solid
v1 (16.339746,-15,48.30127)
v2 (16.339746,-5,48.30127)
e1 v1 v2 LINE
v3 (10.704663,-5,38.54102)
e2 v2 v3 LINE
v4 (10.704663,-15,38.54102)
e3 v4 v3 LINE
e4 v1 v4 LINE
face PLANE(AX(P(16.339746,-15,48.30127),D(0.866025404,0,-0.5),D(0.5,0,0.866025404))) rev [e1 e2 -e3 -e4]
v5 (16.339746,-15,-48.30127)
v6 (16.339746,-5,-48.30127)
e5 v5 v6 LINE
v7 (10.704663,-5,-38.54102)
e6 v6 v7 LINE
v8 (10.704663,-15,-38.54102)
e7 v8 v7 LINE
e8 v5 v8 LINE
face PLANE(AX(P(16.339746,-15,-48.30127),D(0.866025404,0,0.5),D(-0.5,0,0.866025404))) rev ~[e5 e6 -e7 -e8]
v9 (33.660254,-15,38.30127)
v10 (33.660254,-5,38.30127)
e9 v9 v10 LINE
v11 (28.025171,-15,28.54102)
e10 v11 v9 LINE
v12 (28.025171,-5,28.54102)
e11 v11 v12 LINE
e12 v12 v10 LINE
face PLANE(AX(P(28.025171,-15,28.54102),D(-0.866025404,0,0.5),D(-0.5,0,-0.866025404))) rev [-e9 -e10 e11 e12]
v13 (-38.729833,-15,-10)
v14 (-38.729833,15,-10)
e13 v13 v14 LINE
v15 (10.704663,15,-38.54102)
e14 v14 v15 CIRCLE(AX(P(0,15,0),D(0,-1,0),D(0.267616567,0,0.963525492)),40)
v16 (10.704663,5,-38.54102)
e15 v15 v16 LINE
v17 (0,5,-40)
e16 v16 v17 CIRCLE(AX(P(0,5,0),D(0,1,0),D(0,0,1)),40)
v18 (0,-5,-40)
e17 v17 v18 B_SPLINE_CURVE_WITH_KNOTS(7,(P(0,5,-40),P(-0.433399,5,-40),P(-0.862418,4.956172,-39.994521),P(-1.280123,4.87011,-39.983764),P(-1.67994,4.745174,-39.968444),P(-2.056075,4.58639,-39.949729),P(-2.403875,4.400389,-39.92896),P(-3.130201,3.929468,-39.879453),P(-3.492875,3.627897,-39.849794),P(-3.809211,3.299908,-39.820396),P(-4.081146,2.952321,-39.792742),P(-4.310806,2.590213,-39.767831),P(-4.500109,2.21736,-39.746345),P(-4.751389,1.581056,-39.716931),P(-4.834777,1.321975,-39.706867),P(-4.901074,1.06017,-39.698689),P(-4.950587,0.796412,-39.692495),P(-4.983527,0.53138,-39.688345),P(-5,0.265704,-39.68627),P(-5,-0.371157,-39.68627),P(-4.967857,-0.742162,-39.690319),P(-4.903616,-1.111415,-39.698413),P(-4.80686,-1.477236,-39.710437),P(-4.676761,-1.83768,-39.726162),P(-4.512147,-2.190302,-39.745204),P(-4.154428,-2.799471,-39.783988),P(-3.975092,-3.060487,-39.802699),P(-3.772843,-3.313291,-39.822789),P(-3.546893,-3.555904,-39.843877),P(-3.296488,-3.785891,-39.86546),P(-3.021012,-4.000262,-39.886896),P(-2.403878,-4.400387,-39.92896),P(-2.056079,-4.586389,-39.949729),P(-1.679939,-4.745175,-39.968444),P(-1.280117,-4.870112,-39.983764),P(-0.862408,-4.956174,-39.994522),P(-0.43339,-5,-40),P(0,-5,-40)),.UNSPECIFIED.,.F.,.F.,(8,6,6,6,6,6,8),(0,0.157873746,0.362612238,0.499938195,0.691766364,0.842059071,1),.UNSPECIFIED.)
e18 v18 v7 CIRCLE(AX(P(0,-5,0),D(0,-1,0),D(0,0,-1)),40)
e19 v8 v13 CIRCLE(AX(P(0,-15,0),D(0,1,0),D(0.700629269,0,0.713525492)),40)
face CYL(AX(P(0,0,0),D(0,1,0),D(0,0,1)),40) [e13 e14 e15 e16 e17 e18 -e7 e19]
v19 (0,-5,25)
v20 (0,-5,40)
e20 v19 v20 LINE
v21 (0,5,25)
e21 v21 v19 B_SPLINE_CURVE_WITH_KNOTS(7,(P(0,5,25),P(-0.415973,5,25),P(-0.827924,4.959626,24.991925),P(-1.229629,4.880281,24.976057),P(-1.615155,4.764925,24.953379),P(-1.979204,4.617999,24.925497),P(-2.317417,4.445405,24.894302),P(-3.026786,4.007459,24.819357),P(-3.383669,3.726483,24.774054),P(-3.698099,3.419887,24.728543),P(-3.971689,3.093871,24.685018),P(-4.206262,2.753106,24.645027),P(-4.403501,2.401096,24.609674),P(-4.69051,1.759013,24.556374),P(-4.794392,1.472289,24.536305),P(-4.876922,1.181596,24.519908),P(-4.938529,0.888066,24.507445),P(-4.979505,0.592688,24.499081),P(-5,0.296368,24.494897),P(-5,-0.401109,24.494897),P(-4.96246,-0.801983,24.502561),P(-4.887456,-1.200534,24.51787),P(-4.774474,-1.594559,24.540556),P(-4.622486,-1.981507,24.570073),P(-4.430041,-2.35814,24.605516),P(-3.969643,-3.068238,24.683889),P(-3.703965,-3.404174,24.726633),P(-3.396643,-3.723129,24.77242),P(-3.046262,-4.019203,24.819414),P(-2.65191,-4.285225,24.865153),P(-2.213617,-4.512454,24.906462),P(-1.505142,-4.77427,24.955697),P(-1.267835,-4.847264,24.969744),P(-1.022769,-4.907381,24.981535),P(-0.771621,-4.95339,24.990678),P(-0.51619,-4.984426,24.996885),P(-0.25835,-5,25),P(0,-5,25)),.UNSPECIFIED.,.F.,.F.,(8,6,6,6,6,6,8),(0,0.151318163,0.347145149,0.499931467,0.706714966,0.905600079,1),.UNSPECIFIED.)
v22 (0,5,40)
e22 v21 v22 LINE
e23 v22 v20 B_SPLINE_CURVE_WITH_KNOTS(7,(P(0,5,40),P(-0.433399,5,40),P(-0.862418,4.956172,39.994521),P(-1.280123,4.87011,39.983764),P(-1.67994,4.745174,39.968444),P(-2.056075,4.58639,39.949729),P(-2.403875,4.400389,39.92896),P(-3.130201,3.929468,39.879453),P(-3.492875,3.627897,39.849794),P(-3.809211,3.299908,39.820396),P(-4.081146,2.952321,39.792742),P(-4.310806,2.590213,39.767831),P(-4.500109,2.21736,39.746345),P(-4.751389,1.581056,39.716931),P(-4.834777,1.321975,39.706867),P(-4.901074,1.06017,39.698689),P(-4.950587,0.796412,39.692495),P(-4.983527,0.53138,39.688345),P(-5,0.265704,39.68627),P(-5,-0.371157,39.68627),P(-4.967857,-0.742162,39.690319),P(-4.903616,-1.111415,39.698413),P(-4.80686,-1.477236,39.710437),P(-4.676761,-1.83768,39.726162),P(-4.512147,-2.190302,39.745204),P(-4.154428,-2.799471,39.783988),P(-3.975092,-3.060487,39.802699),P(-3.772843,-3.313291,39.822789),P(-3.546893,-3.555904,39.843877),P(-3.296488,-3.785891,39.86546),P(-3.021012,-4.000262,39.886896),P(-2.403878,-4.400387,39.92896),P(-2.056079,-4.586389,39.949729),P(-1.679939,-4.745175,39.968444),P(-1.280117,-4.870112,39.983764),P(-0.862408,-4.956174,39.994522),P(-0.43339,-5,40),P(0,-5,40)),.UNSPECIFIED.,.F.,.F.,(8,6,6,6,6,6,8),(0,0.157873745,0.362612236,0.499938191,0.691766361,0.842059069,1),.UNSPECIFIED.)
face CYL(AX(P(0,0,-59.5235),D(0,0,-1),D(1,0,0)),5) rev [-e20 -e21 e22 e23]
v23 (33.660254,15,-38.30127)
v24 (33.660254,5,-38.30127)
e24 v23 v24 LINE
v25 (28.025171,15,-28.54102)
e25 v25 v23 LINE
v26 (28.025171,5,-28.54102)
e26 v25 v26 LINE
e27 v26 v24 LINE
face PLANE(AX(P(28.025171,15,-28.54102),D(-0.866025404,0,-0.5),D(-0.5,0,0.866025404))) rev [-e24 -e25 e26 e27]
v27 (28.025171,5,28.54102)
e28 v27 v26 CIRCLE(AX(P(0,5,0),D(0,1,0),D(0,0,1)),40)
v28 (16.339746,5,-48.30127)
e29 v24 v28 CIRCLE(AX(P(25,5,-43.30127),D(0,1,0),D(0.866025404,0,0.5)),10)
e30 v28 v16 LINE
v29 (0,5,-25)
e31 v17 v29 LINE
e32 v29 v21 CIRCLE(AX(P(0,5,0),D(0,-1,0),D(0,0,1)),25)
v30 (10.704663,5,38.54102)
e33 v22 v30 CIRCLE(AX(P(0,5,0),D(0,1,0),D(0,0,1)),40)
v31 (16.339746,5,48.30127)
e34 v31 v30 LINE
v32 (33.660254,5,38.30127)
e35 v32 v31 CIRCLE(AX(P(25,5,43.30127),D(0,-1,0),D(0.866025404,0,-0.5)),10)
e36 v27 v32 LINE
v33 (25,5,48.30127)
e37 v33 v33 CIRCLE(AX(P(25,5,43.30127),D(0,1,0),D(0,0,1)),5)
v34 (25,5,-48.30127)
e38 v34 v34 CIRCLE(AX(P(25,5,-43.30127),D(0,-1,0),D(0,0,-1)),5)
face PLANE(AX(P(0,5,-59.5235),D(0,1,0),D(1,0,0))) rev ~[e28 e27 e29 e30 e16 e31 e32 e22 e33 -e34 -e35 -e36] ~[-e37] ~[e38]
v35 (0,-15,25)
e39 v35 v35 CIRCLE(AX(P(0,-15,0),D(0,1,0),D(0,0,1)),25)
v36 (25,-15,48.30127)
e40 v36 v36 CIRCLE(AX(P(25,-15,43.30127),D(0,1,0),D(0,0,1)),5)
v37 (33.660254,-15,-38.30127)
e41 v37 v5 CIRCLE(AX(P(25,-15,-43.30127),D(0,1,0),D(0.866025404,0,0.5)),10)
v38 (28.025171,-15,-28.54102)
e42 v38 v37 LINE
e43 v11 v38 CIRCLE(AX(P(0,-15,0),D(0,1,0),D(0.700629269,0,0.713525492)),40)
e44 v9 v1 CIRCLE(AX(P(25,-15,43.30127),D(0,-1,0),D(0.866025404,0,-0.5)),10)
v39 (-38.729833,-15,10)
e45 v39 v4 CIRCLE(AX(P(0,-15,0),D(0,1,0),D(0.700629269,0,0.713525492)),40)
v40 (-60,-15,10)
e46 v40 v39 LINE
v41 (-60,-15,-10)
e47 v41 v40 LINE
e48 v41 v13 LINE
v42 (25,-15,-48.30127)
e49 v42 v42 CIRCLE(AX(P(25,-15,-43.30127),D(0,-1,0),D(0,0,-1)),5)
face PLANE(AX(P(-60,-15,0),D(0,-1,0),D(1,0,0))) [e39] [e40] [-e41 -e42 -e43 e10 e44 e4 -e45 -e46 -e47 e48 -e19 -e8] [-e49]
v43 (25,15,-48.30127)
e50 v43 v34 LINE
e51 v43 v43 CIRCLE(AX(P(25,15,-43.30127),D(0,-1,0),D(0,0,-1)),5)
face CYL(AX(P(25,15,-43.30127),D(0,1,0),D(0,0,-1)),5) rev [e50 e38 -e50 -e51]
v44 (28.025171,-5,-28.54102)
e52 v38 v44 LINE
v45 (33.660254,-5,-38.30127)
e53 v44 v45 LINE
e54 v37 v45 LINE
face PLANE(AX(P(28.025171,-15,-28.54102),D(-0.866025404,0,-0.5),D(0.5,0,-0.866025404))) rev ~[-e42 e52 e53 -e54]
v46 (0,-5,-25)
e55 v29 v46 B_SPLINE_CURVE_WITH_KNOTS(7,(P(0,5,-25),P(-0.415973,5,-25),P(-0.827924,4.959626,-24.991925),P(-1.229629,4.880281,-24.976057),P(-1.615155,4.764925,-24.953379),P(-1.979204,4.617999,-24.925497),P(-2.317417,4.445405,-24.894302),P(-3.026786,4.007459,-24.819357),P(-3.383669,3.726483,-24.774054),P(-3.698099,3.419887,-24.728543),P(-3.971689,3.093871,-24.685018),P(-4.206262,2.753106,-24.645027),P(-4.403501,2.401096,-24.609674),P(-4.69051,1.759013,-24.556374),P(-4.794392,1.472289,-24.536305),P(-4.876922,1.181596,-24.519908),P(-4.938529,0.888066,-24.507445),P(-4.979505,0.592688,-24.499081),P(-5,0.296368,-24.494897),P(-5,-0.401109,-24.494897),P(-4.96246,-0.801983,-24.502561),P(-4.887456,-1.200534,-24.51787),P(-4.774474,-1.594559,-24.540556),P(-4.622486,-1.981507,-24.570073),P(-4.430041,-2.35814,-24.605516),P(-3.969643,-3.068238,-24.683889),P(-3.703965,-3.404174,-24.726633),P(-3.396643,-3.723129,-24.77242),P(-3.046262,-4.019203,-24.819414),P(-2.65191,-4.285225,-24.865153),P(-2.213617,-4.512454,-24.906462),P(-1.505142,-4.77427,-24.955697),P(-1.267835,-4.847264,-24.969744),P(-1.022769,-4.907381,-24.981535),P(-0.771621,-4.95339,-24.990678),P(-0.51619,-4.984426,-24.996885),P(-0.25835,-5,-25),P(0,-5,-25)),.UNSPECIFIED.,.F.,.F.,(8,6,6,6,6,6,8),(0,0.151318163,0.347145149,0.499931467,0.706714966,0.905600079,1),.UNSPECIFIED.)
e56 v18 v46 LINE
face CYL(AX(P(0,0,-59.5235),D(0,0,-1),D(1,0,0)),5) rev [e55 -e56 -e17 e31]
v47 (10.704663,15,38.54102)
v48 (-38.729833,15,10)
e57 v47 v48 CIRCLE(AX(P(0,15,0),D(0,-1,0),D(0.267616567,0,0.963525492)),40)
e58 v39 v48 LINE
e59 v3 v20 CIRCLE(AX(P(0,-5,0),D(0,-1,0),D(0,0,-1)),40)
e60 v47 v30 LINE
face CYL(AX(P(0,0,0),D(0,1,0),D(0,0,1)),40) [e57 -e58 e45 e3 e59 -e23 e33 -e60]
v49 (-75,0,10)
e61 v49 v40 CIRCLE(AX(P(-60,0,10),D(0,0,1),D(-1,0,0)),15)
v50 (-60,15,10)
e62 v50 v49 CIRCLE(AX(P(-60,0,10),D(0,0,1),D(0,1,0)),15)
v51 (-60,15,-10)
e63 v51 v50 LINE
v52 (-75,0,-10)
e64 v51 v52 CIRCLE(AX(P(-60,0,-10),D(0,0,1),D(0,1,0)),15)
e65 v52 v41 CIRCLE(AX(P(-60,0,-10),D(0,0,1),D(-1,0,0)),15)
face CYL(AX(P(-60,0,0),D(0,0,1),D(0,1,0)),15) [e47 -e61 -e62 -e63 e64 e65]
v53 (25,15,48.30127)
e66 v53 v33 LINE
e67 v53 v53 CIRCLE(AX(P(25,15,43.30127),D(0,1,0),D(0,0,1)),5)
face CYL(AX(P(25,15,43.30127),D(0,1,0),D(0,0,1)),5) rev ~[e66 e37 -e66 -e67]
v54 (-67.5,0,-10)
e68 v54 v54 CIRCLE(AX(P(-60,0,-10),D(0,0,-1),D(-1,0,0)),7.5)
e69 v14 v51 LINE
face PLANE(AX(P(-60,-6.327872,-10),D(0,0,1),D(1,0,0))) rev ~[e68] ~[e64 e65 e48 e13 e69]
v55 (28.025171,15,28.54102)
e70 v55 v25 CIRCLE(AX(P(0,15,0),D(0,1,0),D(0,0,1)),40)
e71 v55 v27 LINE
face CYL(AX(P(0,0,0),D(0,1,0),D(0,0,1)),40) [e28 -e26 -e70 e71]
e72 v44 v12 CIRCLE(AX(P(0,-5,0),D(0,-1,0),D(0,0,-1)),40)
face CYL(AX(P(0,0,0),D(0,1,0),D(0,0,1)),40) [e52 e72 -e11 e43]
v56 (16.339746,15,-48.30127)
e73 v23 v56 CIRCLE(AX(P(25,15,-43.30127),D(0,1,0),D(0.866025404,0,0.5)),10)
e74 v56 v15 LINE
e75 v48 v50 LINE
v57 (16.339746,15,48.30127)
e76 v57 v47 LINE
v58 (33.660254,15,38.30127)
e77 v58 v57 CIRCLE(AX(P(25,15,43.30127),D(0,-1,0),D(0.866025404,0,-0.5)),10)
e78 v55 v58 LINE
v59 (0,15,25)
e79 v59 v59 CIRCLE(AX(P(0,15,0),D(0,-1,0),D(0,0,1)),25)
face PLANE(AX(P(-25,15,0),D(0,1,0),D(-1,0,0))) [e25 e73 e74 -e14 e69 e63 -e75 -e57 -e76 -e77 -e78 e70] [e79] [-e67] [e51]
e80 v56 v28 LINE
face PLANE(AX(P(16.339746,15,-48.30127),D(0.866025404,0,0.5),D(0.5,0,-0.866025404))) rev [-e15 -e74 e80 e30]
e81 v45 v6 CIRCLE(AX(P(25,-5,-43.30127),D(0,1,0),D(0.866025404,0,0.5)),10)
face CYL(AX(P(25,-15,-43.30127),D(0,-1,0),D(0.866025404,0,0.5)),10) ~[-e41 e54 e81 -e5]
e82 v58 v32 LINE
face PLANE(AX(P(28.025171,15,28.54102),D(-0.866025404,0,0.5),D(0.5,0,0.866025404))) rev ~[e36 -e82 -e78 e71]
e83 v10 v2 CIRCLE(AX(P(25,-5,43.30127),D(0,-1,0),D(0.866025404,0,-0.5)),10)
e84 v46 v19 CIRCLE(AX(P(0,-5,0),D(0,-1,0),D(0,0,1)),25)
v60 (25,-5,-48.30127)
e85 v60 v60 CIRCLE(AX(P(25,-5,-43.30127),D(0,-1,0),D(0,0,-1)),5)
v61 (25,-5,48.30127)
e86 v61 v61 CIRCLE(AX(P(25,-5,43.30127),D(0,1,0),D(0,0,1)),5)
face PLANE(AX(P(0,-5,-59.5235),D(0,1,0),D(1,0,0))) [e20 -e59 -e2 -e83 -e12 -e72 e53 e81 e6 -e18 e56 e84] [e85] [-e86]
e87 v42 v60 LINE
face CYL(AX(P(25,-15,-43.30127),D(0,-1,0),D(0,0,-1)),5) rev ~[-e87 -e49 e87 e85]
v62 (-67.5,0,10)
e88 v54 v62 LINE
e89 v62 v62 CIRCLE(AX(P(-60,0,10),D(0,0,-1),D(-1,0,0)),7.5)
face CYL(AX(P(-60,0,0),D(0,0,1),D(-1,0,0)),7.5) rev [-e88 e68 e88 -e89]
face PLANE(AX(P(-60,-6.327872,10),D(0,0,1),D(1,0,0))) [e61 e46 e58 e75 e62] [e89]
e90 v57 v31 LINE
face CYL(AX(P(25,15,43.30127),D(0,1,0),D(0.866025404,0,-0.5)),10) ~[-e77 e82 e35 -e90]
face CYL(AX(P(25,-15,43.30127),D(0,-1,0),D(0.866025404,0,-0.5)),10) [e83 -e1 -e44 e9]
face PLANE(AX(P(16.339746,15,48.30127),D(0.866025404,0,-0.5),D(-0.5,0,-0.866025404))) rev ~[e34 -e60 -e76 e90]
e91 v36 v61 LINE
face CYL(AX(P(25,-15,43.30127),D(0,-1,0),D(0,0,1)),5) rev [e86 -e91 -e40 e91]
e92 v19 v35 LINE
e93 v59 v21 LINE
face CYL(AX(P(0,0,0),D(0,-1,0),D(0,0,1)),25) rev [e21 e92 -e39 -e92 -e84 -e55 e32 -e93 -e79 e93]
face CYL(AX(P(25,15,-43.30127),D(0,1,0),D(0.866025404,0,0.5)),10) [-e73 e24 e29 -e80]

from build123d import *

# Parameters (mm, degrees)
SKETCH1_R               = 40
SKETCH1_R_2             = 25
BOSS_EXTRUDE1_DEPTH     = 15
CUT_EXTRUDE1_DEPTH      = 59.523499554
CUT_EXTRUDE1_DEPTH_BACK = 59.523499554
SKETCH2_R               = 5
SKETCH2_W               = 40
SKETCH2_H               = 10
BOSS_EXTRUDE2_START     = 15
SKETCH3_R               = 5
BOSS_EXTRUDE2_DEPTH     = 10
MIRROR2_START           = 15
MIRROR2_COPY_1_SKETCH_R = 5
MIRROR2_COPY_1_DEPTH    = 10
BOSS_EXTRUDE4_DEPTH     = 10


with BuildPart() as part:
    # Sketch1 → Boss-Extrude1 (new, symmetric)
    with BuildSketch(Plane(origin=(0, 0, 0), x_dir=(1, 0, 0), z_dir=(0, 1, 0))):
        with Locations(Location((0, 0, 0), (0, 0, 270))):
            Circle(SKETCH1_R)
        with Locations(Location((0, 0, 0), (0, 0, 270))):
            Circle(SKETCH1_R_2, mode=Mode.SUBTRACT)
    extrude(amount=BOSS_EXTRUDE1_DEPTH, both=True)

    # Sketch2 → Cut-Extrude1 (cut, two sides: drawn at the far end of the back side and taken through both)
    with BuildSketch(Plane.XY.offset(-CUT_EXTRUDE1_DEPTH_BACK)):
        Circle(SKETCH2_R)
        with Locations((20, 0)):
            Rectangle(SKETCH2_W, SKETCH2_H)
    extrude(amount=CUT_EXTRUDE1_DEPTH + CUT_EXTRUDE1_DEPTH_BACK, mode=Mode.SUBTRACT)

    # Sketch3 → Boss-Extrude2 (add)
    with BuildSketch(Plane(origin=(0, 0, 0), x_dir=(1, 0, 0), z_dir=(0, 1, 0)).offset(BOSS_EXTRUDE2_START)):
        with BuildLine():
            Line((16.339745962, -48.301270189), (10.704662693, -38.541019662))
            ThreePointArc((10.704662693, -38.541019662), (20, -34.641016151), (28.025170769, -28.541019662))
            Line((28.025170769, -28.541019662), (33.660254038, -38.301270189))
            ThreePointArc((33.660254038, -38.301270189), (30, -51.961524227), (16.339745962, -48.301270189))
        make_face()
        with Locations(Location((25, -43.301270189, 0), (0, 0, 270))):
            Circle(SKETCH3_R, mode=Mode.SUBTRACT)
    boss_extrude2 = extrude(amount=-BOSS_EXTRUDE2_DEPTH)

    # Mirror1: Boss-Extrude2 across plane
    add(boss_extrude2.mirror(Plane.XY))

    # Mirror2: Boss-Extrude2 across plane
    add(boss_extrude2.mirror(Plane.ZX))

    # Mirror2 copy 1 sketch → Mirror2 copy 1 (add)
    with BuildSketch(Plane.XZ.offset(MIRROR2_START)):
        with BuildLine():
            Line((16.339745962, -48.301270189), (10.704662693, -38.541019662))
            ThreePointArc((10.704662693, -38.541019662), (20, -34.641016151), (28.025170769, -28.541019662))
            Line((28.025170769, -28.541019662), (33.660254038, -38.301270189))
            ThreePointArc((33.660254038, -38.301270189), (30, -51.961524227), (16.339745962, -48.301270189))
        make_face()
        with Locations(Location((25, -43.301270189, 0), (0, 0, 270))):
            Circle(MIRROR2_COPY_1_SKETCH_R, mode=Mode.SUBTRACT)
    extrude(amount=-MIRROR2_COPY_1_DEPTH)

    # Sketch4 → Boss-Extrude4 (add, symmetric)
    with BuildSketch(Plane.XY):
        with BuildLine():
            ThreePointArc((-60, -15), (-49.393398282, -10.606601718), (-45, 0))
            Line((-45, 0), (-52.5, 0))
            ThreePointArc((-52.5, 0), (-60, -7.5), (-67.5, 0))
            Line((-67.5, 0), (-75, 0))
            ThreePointArc((-75, 0), (-70.606601718, -10.606601718), (-60, -15))
        make_face()
        with BuildLine():
            Line((-52.5, 0), (-45, 0))
            ThreePointArc((-45, 0), (-49.393398282, 10.606601718), (-60, 15))
            ThreePointArc((-60, 15), (-70.606601718, 10.606601718), (-75, 0))
            Line((-75, 0), (-67.5, 0))
            ThreePointArc((-67.5, 0), (-60, 7.5), (-52.5, 0))
        make_face()
        with BuildLine():
            ThreePointArc((-60, 15), (-49.393398282, 10.606601718), (-45, 0))
            Line((-45, 0), (-25, 0))
            Line((-25, 0), (-25, 15))
            Line((-25, 15), (-60, 15))
        make_face()
        with BuildLine():
            Line((-25, 0), (-45, 0))
            ThreePointArc((-45, 0), (-49.393398282, -10.606601718), (-60, -15))
            Line((-60, -15), (-25, -15))
            Line((-25, -15), (-25, 0))
        make_face()
    extrude(amount=BOSS_EXTRUDE4_DEPTH, both=True)


solid = part.part
